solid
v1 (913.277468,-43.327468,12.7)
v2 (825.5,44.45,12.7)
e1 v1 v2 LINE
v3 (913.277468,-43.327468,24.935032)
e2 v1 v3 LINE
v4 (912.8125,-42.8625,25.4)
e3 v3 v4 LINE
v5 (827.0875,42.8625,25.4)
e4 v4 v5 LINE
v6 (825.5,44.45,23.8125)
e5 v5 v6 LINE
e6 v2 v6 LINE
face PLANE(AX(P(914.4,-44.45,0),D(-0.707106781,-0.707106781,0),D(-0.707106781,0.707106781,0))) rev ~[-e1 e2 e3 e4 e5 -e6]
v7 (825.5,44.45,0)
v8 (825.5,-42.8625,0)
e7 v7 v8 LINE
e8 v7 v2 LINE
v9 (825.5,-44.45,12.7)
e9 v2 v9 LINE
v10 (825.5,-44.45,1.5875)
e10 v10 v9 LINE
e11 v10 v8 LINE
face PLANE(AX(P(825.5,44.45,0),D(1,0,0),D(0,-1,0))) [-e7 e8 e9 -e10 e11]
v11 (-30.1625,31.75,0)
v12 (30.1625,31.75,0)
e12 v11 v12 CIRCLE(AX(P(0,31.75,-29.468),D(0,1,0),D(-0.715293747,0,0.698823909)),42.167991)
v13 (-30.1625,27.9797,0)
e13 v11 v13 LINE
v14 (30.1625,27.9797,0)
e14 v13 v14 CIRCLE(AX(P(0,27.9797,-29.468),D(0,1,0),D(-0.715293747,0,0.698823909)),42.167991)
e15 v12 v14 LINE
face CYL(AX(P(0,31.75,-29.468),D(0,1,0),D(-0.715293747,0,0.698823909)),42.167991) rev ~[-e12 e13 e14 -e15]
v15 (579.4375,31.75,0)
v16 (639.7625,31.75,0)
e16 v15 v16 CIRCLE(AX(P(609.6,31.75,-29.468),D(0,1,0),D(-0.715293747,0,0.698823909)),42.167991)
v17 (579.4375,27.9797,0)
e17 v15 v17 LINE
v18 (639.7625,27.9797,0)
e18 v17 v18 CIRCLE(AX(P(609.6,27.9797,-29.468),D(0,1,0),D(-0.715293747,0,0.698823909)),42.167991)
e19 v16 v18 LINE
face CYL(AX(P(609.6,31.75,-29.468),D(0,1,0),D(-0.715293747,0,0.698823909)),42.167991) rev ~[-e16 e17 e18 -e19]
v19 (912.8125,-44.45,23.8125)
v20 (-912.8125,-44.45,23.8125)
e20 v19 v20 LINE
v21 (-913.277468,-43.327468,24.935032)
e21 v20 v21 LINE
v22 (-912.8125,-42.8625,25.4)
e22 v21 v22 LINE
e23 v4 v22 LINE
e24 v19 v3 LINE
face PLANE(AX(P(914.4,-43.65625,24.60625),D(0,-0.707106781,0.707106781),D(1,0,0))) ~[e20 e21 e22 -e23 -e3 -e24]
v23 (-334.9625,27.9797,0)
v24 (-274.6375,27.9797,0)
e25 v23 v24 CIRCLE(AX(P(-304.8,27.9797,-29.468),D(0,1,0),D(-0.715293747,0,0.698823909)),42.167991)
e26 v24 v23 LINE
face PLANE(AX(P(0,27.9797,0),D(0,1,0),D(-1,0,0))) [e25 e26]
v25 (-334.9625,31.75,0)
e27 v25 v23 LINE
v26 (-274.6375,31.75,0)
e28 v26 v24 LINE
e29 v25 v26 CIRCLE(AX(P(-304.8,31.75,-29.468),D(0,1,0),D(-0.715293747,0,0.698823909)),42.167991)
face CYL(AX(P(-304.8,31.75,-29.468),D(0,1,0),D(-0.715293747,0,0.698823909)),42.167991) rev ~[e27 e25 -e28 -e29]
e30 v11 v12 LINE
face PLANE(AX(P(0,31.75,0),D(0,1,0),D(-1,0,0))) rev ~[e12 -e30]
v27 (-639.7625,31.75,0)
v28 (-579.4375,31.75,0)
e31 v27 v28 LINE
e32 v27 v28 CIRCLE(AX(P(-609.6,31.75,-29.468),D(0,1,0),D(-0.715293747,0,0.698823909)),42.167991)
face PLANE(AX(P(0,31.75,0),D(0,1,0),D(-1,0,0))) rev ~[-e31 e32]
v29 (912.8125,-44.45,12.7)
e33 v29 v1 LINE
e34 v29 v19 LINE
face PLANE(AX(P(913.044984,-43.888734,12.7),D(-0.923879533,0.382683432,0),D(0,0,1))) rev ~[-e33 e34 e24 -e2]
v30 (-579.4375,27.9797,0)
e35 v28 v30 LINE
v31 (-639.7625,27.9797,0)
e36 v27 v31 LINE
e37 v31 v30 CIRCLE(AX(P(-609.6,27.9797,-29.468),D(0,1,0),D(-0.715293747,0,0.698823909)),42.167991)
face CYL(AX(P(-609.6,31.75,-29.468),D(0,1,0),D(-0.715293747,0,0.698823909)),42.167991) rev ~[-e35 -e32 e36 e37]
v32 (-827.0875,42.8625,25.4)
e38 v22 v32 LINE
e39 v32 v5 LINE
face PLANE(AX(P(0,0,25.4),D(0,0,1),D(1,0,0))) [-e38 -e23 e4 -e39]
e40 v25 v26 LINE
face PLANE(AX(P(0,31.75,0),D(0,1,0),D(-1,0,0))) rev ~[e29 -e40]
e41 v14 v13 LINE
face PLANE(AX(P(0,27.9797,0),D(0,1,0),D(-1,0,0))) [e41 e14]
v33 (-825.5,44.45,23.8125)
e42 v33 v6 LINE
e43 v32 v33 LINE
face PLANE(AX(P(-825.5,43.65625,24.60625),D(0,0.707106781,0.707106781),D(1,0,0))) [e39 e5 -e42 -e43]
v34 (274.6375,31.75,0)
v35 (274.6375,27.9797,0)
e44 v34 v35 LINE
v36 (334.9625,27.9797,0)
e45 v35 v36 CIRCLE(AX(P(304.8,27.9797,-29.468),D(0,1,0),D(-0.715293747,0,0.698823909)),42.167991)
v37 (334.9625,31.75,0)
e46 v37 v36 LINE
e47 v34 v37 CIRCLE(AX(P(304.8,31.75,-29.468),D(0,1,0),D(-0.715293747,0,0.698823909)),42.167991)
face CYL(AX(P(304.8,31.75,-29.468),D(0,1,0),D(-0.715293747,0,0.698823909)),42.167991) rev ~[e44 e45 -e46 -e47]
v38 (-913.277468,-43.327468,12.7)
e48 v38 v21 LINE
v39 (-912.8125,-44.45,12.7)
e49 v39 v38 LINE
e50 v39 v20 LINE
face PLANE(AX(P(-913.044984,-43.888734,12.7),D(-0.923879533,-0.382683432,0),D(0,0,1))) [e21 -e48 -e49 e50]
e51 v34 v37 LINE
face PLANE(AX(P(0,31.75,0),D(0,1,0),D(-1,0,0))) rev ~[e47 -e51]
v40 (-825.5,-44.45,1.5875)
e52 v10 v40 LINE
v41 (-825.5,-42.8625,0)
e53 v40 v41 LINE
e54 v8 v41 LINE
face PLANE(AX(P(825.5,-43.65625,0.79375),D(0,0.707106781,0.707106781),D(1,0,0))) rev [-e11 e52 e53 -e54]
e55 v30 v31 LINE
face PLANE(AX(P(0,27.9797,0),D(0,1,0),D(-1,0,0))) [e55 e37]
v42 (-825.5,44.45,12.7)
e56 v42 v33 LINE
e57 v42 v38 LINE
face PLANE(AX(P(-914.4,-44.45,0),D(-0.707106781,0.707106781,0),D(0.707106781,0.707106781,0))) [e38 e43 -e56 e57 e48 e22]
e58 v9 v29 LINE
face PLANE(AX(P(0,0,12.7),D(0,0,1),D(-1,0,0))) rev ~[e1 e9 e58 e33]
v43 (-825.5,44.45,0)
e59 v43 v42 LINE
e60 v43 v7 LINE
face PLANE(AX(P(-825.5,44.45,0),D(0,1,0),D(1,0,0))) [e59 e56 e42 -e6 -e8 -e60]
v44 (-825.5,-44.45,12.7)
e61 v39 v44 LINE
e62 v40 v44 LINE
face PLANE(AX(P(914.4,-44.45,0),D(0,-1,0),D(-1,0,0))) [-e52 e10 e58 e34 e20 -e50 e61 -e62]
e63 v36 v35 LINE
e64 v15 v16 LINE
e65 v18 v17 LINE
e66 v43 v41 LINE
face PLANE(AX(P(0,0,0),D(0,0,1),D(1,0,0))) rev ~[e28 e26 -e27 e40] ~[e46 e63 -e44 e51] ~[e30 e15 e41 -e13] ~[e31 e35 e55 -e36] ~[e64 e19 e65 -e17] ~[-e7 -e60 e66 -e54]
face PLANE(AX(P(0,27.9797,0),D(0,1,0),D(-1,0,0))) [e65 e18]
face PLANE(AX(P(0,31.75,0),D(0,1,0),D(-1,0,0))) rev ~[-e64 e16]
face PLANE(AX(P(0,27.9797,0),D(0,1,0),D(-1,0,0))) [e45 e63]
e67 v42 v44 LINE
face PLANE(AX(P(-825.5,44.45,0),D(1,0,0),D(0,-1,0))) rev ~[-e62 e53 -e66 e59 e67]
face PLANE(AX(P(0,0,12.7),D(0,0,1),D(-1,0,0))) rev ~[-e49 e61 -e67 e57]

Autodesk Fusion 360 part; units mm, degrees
sketch "Sketch1" plane through (0, 0, 0) normal (0, 0, 1) x (1, 0, 0)
  line L0 (914.4, 44.45) -> (914.4, -44.45) construction
  line L1 (914.4, -44.45) -> (-914.4, -44.45)
  line L2 (-914.4, -44.45) -> (-914.4, 44.45) construction
  line L3 (-914.4, 44.45) -> (914.4, -44.45) construction
  line L4 (914.4, 44.45) -> (-914.4, -44.45) construction
  line L5 (-914.4, -44.45) -> (-825.5, 44.45)
  line L6 (914.4, -44.45) -> (825.5, 44.45)
  line L7 (-914.4, 44.45) -> (-825.5, 44.45) construction
  line L8 (825.5, 44.45) -> (914.4, 44.45) construction
  line L9 (-825.5, 44.45) -> (825.5, 44.45)
  line L10 (0, 0) -> (0, -44.45) construction
  dimension "d27" = 1828.8
  dimension "d40" = 45
  dimension "d41" = 45
  dimension "d42" = 88.9
extrude "Extrude1" add sketch "Sketch1" along normal blind 25.4
sketch "Sketch9" plane through (0, 0, 0) normal (0, 0, 1) x (-1, 0, 0)
  line L0 (825.5, -44.45) -> (914.4, 44.45)
  line L1 (914.4, 44.45) -> (-914.4, 44.45)
  line L2 (-914.4, 44.45) -> (-825.5, -44.45)
  line L3 (914.4, 44.45) -> (825.5, -44.45)
  line L4 (825.5, -44.45) -> (825.5, 44.45)
  line L5 (825.5, 44.45) -> (914.4, 44.45)
  line L6 (-825.5, -44.45) -> (-914.4, 44.45)
  line L7 (-825.5, -44.45) -> (-825.5, 44.45)
  line L8 (-825.5, 44.45) -> (-914.4, 44.45)
  line L9 (-825.5, -44.45) -> (825.5, -44.45)
  line L10 (-825.5, -44.45) -> (-914.4, 44.45)
  line L11 (-914.4, 44.45) -> (914.4, 44.45)
  line L12 (914.4, 44.45) -> (825.5, -44.45)
  line L13 (825.5, -44.45) -> (-825.5, -44.45)
extrude "Extrude8" cut sketch "Sketch9" along normal blind 12.7 contours L0 L1 L3 L4 L5 L11 L12 | L1 L2 L6 L7 L8 L10 L11
chamfer "Chamfer2" distance 1.5875 angle 45 5 edges at (0, -44.45, 25.4) (0, -44.45, 0) (0, 44.45, 25.4) (914.4, -44.45, 19.05) (-914.4, -44.45, 19.05)
sketch "Sketch11" plane through (0, 44.45, 0) normal (0, 1, 0) x (-1, 0, 0)
  line L0 (825.5, 23.8125) -> (-825.5, 23.8125)
  line L1 (-825.5, 23.8125) -> (-825.5, 12.7)
  line L2 (-825.5, 12.7) -> (-825.5, 0)
  line L3 (-825.5, 0) -> (825.5, 0)
  line L4 (825.5, 0) -> (825.5, 12.7)
  line L5 (825.5, 12.7) -> (825.5, 23.8125)
  line L6 (0, 0) -> (30.1625, 0)
  line L7 (0, 0) -> (-30.1625, 0)
  line L8 (0, 0) -> (0, 12.7) construction
  arc A0 (30.1625, 0) -> (-30.1625, 0) centre (0, -29.468) ccw
  line L9 (-609.6, 0) -> (-609.6, 12.7) construction
  line L10 (-609.6, 0) -> (-579.4375, 0)
  line L11 (-609.6, 0) -> (-639.7625, 0)
  arc A1 (-579.4375, 0) -> (-639.7625, 0) centre (-609.6, -29.468) ccw
  line L12 (-304.8, 0) -> (-304.8, 12.7) construction
  line L13 (-304.8, 0) -> (-274.6375, 0)
  line L14 (-304.8, 0) -> (-334.9625, 0)
  arc A2 (-274.6375, 0) -> (-334.9625, 0) centre (-304.8, -29.468) ccw
  line L15 (304.8, 0) -> (304.8, 12.7) construction
  line L16 (304.8, 0) -> (334.9625, 0)
  line L17 (304.8, 0) -> (274.6375, 0)
  arc A3 (334.9625, 0) -> (274.6375, 0) centre (304.8, -29.468) ccw
  line L18 (609.6, 0) -> (609.6, 12.7) construction
  line L19 (609.6, 0) -> (639.7625, 0)
  line L20 (609.6, 0) -> (579.4375, 0)
  arc A4 (639.7625, 0) -> (579.4375, 0) centre (609.6, -29.468) ccw
  point P0 (-609.6, 0)
  point P1 (-304.8, 0)
  point P2 (304.8, 0)
  point P3 (609.6, 0)
  dimension "d59" = 60.325
  dimension "d60" = 12.7
  dimension "d63" = 304.8
  dimension "d64" = 0
extrude "Extrude10" cut sketch "Sketch11" against normal blind 3.7703 from surface at -12.7 contours L3 L19 L20 A4 | L3 L10 L11 A1 | L3 L16 L17 A3 | L3 L13 L14 A2 | L3 L6 L7 A0
equation "d59 = 2 in + ( 3 / 8 ) * 1 in"
equation "d66 = ( -19 / 128 ) * 1 in"
